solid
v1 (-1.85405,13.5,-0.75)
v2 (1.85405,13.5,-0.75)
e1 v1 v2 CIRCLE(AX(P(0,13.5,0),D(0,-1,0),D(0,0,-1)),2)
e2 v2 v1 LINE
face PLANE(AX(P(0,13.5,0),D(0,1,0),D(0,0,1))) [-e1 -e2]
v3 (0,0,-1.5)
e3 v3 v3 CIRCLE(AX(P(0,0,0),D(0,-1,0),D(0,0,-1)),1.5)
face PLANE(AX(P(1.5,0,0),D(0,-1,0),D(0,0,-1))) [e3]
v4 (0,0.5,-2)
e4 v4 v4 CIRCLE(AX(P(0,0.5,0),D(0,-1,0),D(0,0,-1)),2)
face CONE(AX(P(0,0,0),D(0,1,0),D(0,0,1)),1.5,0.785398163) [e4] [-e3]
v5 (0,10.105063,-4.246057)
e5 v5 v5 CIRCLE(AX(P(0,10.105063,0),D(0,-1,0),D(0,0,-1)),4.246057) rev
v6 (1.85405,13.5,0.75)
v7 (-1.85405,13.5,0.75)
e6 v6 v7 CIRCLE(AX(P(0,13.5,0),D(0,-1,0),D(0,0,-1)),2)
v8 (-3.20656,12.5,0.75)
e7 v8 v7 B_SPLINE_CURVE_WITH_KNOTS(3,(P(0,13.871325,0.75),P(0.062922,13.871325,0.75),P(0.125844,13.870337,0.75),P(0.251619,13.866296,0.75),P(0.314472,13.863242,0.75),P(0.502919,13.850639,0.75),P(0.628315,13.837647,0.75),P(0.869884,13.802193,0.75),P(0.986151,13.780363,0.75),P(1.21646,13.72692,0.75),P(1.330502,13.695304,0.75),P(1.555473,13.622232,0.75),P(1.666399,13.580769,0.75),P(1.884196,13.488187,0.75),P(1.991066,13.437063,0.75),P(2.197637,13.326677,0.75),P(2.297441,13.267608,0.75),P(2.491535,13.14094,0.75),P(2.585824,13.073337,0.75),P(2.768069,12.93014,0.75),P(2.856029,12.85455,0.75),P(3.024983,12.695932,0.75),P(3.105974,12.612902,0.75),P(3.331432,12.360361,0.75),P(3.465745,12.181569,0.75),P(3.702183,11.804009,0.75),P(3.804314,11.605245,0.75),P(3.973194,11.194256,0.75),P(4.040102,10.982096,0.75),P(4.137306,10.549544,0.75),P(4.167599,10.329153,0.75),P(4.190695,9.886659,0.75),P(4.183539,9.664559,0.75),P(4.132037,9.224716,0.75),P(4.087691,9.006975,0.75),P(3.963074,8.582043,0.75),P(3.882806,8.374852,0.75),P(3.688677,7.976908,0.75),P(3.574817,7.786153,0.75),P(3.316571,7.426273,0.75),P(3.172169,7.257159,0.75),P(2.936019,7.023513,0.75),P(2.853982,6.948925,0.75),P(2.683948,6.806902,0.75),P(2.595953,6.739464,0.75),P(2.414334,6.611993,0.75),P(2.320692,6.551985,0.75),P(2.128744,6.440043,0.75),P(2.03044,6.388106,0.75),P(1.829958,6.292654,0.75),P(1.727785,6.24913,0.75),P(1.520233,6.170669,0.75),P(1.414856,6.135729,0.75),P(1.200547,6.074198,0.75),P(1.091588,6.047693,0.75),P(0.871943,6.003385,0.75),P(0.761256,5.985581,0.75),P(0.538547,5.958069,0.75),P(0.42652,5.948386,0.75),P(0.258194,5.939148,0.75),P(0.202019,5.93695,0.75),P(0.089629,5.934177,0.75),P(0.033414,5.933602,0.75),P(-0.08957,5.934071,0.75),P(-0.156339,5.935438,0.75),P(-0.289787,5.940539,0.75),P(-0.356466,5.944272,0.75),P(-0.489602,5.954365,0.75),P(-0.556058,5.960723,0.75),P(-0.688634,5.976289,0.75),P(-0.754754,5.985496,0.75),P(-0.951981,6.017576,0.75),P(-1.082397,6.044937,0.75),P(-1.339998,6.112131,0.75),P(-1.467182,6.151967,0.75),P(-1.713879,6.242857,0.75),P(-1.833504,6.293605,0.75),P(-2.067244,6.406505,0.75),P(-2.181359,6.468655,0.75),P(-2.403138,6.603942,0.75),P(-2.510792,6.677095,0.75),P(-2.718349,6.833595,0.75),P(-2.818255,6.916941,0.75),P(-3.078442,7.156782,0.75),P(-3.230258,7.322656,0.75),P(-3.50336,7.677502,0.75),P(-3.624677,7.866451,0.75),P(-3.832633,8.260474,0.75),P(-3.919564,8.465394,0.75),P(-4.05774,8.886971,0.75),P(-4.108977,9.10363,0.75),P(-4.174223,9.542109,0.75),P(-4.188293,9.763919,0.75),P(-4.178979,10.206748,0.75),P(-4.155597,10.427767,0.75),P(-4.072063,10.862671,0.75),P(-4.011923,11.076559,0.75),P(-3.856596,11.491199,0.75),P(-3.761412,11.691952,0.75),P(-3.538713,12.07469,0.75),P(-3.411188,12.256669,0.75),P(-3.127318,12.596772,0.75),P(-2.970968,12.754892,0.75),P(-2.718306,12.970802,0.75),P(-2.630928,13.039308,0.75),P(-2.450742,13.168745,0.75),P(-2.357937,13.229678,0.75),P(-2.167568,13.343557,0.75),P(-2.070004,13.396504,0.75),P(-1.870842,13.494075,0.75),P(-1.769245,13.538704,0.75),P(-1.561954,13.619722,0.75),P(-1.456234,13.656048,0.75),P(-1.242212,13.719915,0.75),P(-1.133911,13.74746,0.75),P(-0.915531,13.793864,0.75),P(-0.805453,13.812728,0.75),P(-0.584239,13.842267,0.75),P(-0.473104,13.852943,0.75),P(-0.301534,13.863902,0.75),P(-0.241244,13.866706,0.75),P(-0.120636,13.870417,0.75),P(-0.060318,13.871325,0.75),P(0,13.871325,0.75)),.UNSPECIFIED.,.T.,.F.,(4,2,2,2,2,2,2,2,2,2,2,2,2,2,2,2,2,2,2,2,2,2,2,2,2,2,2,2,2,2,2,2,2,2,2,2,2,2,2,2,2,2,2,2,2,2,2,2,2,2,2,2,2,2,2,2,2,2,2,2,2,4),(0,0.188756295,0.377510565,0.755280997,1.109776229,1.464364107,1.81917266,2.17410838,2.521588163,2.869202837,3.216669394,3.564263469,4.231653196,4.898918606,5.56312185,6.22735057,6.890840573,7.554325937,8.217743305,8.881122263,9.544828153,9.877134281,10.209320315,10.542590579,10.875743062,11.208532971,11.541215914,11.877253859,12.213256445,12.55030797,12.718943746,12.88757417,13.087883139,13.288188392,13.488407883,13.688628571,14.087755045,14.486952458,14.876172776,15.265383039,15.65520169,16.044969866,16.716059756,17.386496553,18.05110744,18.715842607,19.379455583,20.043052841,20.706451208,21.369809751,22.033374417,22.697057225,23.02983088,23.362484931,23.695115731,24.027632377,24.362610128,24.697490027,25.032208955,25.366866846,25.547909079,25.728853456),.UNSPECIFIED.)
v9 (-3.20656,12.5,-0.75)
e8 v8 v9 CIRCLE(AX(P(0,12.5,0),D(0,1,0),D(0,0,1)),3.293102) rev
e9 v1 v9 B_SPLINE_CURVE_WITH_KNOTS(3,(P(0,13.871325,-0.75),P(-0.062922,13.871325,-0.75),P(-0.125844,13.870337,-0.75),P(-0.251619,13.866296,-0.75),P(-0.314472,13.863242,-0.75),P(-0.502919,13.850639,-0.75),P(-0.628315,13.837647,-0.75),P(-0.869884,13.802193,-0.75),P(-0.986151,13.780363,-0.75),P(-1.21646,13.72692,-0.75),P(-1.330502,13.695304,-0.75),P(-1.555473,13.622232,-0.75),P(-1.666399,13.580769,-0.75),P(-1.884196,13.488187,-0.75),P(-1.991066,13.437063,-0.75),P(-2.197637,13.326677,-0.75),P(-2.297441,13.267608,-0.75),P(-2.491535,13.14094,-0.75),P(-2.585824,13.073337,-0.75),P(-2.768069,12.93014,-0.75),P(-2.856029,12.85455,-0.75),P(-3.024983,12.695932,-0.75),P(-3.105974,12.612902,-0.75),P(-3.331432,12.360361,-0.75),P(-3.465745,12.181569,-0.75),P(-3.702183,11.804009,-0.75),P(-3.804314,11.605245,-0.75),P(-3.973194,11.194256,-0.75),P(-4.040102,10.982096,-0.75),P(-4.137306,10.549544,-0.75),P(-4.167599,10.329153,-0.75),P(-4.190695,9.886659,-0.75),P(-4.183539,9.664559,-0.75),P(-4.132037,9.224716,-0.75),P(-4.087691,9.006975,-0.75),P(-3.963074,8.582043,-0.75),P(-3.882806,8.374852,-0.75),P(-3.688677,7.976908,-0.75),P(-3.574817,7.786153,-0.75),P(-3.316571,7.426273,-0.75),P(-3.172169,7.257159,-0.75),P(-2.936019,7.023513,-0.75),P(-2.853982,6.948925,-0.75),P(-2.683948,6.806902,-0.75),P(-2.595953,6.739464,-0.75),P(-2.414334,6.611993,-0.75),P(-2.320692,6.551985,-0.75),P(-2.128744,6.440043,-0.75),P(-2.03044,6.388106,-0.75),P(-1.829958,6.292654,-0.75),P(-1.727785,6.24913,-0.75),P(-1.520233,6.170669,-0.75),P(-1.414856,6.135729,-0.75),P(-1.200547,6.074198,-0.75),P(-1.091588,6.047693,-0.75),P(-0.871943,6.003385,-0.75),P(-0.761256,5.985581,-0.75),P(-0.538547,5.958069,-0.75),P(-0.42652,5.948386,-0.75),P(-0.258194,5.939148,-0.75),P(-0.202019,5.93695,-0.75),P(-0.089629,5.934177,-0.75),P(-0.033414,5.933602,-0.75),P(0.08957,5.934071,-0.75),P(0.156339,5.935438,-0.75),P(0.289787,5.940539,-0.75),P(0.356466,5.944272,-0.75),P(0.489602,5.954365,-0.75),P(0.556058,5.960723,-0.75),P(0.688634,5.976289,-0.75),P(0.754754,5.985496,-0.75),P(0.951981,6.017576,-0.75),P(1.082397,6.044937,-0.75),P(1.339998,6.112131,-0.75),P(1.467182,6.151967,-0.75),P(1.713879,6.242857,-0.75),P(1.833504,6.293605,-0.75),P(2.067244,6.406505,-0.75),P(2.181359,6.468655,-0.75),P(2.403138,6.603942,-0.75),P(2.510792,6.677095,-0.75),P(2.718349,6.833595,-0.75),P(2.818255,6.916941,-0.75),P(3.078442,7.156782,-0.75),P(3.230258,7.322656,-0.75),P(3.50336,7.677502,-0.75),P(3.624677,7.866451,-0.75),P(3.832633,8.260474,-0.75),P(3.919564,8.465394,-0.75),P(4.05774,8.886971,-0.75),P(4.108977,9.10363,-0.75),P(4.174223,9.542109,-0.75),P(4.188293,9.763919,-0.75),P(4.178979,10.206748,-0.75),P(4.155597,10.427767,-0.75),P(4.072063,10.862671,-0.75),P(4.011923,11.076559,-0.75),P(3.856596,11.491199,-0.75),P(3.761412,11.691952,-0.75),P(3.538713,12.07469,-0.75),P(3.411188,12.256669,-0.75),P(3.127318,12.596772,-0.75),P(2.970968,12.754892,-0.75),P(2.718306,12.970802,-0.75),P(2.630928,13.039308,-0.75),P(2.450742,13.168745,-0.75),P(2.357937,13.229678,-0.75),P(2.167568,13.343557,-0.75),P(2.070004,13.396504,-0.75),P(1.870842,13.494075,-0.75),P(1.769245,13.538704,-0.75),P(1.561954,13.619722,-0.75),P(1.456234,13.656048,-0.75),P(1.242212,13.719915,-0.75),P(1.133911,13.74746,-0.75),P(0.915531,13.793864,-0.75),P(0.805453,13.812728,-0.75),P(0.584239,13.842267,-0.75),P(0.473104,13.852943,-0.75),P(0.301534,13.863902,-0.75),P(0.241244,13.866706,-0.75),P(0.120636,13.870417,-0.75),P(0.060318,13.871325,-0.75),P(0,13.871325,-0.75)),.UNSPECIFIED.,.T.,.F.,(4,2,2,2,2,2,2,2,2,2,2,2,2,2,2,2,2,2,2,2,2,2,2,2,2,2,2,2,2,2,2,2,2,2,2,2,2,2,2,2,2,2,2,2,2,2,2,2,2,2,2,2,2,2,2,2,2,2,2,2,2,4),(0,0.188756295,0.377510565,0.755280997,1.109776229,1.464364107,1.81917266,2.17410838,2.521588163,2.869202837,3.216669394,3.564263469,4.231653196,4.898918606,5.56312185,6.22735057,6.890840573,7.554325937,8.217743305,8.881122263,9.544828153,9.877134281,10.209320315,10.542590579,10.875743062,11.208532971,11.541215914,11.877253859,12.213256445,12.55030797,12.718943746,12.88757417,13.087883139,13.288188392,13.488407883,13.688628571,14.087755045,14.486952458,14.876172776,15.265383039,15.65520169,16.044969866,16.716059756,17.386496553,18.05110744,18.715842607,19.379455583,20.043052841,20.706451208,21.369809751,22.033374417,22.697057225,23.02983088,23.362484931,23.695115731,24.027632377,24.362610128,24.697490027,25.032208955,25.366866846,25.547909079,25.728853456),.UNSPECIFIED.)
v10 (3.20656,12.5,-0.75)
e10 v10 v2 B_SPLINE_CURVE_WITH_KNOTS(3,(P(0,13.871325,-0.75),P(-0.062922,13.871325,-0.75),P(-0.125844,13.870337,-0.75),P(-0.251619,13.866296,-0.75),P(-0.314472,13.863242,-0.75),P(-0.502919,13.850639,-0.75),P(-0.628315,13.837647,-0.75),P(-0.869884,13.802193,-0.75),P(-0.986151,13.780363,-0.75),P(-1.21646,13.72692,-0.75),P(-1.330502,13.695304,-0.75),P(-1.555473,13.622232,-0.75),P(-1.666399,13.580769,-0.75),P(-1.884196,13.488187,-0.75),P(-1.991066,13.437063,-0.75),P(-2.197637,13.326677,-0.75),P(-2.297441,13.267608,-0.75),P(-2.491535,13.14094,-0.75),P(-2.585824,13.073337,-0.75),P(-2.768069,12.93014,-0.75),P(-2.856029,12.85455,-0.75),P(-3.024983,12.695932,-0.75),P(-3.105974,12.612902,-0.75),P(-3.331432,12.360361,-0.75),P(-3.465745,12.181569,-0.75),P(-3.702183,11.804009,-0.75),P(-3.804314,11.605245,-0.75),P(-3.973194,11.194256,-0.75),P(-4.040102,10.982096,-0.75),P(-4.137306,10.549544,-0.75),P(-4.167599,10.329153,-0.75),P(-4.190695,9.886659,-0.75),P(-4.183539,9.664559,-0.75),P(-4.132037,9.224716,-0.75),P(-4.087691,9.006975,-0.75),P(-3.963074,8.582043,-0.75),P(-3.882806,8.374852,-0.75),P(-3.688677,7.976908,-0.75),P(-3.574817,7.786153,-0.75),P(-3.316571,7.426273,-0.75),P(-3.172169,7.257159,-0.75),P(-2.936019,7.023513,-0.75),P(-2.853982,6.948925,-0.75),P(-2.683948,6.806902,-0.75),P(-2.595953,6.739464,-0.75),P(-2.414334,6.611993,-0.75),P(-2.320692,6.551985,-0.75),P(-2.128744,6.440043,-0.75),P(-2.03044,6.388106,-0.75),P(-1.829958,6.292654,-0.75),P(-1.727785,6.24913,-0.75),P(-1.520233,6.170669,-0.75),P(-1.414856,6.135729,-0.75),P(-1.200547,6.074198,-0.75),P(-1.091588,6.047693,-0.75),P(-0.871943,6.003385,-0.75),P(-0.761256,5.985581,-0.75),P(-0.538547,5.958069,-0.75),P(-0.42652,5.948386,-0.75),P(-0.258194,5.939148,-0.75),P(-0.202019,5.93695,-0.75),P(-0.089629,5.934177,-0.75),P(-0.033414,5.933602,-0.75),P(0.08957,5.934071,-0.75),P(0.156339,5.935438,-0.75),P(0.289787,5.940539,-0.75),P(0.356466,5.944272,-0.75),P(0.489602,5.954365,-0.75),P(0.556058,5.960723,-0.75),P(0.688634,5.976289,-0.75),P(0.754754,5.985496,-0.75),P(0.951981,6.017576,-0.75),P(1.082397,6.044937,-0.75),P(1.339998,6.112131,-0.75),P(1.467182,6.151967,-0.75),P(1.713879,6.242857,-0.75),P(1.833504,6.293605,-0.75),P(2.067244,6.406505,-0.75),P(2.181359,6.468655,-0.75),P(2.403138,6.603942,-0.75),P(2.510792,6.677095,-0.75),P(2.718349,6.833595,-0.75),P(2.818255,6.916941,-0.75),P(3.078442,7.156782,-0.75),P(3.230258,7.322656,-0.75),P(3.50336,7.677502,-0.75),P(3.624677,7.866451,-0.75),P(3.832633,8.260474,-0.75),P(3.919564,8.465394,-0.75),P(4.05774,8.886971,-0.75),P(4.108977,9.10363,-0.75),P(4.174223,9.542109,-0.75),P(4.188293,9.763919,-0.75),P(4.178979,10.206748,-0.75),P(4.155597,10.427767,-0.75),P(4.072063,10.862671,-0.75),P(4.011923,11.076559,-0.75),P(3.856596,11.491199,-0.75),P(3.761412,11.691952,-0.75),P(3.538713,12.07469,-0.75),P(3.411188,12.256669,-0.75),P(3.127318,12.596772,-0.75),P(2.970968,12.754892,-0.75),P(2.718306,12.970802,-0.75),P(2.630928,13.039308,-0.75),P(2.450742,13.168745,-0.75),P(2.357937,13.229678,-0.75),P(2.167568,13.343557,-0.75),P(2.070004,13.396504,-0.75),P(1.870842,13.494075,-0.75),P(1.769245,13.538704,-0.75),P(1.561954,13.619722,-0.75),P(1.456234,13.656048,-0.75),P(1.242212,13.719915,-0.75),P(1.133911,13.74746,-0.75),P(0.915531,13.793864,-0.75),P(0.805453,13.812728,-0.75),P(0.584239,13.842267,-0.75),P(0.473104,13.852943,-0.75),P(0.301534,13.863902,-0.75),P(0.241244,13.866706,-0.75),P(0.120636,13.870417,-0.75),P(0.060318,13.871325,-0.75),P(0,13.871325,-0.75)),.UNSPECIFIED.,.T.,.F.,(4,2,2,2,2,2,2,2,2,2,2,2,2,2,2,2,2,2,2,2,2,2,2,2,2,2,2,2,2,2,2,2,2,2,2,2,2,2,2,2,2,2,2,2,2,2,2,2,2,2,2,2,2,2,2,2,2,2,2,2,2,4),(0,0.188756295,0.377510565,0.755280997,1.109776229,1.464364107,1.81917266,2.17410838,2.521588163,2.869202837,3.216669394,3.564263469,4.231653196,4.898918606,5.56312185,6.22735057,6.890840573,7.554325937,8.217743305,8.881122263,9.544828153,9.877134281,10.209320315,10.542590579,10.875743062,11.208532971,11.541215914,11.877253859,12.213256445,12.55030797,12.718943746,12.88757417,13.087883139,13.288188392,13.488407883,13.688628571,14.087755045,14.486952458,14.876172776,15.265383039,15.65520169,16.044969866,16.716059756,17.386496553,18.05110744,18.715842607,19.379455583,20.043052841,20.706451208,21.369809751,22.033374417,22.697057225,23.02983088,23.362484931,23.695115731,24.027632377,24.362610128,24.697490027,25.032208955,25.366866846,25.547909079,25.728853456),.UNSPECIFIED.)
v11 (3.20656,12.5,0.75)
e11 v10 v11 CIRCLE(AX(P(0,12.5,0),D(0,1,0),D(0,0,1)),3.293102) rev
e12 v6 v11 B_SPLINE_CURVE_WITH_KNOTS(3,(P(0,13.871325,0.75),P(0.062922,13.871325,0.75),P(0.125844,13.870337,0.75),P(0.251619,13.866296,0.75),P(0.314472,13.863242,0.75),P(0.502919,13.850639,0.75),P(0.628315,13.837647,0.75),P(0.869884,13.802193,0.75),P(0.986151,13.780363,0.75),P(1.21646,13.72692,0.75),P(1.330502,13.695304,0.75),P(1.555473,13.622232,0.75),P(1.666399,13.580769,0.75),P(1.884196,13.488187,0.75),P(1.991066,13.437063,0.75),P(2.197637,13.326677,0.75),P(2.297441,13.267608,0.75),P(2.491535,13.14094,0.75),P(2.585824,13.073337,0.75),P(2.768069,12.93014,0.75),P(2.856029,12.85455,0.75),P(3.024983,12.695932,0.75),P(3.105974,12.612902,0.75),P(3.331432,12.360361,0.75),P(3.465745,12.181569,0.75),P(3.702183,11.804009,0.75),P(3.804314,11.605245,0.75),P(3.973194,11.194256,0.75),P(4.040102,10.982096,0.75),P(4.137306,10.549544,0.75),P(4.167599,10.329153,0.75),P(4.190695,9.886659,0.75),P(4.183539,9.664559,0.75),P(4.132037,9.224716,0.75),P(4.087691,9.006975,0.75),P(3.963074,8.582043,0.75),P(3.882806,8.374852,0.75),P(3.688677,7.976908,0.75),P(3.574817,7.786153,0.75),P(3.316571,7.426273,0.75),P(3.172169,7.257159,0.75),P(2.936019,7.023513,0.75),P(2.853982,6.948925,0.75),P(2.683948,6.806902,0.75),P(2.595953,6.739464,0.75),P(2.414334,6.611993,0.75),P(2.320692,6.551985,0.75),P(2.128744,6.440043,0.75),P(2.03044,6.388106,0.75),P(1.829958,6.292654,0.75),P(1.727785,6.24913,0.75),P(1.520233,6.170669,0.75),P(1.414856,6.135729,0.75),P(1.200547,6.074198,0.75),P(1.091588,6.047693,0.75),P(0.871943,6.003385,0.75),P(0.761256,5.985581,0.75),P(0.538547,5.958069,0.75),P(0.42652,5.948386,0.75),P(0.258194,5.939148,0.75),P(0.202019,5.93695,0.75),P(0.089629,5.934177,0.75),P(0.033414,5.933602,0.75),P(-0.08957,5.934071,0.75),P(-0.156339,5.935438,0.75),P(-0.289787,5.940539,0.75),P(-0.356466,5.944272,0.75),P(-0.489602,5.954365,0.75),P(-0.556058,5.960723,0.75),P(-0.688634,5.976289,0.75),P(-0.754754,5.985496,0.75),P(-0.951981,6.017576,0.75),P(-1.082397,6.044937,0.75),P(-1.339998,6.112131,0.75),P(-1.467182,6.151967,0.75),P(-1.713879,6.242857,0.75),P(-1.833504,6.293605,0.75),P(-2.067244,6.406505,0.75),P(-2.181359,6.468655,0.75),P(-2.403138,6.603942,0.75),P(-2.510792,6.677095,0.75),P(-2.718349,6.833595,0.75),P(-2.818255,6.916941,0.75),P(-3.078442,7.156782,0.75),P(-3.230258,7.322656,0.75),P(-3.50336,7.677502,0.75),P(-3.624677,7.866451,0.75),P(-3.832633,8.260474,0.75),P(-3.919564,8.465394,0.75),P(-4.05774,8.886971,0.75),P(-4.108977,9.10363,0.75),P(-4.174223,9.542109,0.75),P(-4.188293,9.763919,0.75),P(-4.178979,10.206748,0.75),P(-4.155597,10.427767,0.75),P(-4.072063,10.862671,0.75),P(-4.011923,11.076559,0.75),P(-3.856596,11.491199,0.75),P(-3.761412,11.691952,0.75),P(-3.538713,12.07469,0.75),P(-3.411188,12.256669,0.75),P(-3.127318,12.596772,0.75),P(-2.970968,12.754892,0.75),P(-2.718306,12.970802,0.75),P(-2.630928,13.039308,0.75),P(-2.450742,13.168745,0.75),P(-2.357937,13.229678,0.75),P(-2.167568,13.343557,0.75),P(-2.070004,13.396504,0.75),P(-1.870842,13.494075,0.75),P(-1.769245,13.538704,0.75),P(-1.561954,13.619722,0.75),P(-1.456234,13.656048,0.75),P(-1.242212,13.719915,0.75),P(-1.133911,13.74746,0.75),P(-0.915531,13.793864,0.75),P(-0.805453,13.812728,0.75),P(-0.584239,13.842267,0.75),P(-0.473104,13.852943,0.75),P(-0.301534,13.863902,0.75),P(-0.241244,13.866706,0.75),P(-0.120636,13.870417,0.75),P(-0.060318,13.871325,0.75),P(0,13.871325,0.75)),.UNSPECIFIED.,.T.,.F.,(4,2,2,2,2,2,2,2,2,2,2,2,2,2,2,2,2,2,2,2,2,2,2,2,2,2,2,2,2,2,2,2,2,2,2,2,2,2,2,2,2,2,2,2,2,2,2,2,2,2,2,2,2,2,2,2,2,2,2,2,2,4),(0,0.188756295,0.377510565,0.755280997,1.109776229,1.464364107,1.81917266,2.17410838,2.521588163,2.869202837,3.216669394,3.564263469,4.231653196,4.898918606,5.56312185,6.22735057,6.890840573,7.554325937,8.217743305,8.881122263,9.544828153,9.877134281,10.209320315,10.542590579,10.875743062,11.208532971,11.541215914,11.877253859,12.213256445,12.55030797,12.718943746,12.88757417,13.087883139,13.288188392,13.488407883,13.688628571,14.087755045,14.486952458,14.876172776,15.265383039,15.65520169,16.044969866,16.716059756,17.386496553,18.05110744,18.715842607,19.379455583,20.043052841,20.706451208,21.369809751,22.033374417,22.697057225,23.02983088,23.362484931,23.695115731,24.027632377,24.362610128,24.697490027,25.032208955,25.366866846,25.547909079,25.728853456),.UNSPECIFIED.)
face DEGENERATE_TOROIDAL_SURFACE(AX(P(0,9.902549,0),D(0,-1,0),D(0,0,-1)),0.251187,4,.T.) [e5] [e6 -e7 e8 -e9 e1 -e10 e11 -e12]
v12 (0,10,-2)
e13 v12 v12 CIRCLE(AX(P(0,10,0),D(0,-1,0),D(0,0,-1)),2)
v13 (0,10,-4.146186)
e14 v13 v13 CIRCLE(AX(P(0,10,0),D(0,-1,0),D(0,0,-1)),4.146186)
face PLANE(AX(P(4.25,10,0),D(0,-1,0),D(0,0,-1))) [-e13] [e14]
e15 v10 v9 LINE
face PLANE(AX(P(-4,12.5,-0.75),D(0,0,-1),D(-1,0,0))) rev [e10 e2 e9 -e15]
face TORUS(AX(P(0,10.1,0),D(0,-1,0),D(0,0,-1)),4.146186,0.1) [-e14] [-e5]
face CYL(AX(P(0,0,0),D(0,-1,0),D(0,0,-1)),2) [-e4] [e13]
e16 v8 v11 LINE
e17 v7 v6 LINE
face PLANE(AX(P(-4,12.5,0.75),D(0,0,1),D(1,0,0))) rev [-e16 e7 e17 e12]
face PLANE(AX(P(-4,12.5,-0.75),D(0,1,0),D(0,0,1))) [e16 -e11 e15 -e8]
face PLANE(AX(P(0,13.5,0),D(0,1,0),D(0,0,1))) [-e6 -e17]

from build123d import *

# Parameters (mm, degrees)
FILLET_1_R          = 0.1
SKETCH_3_W          = 8
SKETCH_3_H          = 1.5
CUT_EXTRUDE_2_DEPTH = 1


with BuildPart() as part:
    # Эскиз1 → Повернуть1 (revolve)
    with BuildSketch(Plane.XY):
        with BuildLine():
            Line((4.25, 10), (2, 10))
            Line((2, 10), (2, 0.5))
            Line((2, 0.5), (1.5, 0))
            Line((1.5, 0), (0, 0))
            Line((0, 0), (0, 13.5))
            Line((0, 13.5), (2, 13.5))
            ThreePointArc((2, 13.5), (3.615901166, 12.065579321), (4.25, 10))
        make_face()
    revolve(axis=Axis((0, 0, 0), (0, 1, 0)))

    # Скругление1
    fillet_1_edges = [part.edges().sort_by_distance(p)[0] for p in [
        (-4.25, 10, 0),
    ]]
    fillet(fillet_1_edges, radius=FILLET_1_R)

    # Эскиз3 → Вырез-Вытянуть2 (cut)
    with BuildSketch(Plane(origin=(0, 13.5, 0), x_dir=(-1, 0, 0), z_dir=(0, 1, 0))):
        Rectangle(SKETCH_3_W, SKETCH_3_H)
    extrude(amount=-CUT_EXTRUDE_2_DEPTH, mode=Mode.SUBTRACT)


solid = part.part
